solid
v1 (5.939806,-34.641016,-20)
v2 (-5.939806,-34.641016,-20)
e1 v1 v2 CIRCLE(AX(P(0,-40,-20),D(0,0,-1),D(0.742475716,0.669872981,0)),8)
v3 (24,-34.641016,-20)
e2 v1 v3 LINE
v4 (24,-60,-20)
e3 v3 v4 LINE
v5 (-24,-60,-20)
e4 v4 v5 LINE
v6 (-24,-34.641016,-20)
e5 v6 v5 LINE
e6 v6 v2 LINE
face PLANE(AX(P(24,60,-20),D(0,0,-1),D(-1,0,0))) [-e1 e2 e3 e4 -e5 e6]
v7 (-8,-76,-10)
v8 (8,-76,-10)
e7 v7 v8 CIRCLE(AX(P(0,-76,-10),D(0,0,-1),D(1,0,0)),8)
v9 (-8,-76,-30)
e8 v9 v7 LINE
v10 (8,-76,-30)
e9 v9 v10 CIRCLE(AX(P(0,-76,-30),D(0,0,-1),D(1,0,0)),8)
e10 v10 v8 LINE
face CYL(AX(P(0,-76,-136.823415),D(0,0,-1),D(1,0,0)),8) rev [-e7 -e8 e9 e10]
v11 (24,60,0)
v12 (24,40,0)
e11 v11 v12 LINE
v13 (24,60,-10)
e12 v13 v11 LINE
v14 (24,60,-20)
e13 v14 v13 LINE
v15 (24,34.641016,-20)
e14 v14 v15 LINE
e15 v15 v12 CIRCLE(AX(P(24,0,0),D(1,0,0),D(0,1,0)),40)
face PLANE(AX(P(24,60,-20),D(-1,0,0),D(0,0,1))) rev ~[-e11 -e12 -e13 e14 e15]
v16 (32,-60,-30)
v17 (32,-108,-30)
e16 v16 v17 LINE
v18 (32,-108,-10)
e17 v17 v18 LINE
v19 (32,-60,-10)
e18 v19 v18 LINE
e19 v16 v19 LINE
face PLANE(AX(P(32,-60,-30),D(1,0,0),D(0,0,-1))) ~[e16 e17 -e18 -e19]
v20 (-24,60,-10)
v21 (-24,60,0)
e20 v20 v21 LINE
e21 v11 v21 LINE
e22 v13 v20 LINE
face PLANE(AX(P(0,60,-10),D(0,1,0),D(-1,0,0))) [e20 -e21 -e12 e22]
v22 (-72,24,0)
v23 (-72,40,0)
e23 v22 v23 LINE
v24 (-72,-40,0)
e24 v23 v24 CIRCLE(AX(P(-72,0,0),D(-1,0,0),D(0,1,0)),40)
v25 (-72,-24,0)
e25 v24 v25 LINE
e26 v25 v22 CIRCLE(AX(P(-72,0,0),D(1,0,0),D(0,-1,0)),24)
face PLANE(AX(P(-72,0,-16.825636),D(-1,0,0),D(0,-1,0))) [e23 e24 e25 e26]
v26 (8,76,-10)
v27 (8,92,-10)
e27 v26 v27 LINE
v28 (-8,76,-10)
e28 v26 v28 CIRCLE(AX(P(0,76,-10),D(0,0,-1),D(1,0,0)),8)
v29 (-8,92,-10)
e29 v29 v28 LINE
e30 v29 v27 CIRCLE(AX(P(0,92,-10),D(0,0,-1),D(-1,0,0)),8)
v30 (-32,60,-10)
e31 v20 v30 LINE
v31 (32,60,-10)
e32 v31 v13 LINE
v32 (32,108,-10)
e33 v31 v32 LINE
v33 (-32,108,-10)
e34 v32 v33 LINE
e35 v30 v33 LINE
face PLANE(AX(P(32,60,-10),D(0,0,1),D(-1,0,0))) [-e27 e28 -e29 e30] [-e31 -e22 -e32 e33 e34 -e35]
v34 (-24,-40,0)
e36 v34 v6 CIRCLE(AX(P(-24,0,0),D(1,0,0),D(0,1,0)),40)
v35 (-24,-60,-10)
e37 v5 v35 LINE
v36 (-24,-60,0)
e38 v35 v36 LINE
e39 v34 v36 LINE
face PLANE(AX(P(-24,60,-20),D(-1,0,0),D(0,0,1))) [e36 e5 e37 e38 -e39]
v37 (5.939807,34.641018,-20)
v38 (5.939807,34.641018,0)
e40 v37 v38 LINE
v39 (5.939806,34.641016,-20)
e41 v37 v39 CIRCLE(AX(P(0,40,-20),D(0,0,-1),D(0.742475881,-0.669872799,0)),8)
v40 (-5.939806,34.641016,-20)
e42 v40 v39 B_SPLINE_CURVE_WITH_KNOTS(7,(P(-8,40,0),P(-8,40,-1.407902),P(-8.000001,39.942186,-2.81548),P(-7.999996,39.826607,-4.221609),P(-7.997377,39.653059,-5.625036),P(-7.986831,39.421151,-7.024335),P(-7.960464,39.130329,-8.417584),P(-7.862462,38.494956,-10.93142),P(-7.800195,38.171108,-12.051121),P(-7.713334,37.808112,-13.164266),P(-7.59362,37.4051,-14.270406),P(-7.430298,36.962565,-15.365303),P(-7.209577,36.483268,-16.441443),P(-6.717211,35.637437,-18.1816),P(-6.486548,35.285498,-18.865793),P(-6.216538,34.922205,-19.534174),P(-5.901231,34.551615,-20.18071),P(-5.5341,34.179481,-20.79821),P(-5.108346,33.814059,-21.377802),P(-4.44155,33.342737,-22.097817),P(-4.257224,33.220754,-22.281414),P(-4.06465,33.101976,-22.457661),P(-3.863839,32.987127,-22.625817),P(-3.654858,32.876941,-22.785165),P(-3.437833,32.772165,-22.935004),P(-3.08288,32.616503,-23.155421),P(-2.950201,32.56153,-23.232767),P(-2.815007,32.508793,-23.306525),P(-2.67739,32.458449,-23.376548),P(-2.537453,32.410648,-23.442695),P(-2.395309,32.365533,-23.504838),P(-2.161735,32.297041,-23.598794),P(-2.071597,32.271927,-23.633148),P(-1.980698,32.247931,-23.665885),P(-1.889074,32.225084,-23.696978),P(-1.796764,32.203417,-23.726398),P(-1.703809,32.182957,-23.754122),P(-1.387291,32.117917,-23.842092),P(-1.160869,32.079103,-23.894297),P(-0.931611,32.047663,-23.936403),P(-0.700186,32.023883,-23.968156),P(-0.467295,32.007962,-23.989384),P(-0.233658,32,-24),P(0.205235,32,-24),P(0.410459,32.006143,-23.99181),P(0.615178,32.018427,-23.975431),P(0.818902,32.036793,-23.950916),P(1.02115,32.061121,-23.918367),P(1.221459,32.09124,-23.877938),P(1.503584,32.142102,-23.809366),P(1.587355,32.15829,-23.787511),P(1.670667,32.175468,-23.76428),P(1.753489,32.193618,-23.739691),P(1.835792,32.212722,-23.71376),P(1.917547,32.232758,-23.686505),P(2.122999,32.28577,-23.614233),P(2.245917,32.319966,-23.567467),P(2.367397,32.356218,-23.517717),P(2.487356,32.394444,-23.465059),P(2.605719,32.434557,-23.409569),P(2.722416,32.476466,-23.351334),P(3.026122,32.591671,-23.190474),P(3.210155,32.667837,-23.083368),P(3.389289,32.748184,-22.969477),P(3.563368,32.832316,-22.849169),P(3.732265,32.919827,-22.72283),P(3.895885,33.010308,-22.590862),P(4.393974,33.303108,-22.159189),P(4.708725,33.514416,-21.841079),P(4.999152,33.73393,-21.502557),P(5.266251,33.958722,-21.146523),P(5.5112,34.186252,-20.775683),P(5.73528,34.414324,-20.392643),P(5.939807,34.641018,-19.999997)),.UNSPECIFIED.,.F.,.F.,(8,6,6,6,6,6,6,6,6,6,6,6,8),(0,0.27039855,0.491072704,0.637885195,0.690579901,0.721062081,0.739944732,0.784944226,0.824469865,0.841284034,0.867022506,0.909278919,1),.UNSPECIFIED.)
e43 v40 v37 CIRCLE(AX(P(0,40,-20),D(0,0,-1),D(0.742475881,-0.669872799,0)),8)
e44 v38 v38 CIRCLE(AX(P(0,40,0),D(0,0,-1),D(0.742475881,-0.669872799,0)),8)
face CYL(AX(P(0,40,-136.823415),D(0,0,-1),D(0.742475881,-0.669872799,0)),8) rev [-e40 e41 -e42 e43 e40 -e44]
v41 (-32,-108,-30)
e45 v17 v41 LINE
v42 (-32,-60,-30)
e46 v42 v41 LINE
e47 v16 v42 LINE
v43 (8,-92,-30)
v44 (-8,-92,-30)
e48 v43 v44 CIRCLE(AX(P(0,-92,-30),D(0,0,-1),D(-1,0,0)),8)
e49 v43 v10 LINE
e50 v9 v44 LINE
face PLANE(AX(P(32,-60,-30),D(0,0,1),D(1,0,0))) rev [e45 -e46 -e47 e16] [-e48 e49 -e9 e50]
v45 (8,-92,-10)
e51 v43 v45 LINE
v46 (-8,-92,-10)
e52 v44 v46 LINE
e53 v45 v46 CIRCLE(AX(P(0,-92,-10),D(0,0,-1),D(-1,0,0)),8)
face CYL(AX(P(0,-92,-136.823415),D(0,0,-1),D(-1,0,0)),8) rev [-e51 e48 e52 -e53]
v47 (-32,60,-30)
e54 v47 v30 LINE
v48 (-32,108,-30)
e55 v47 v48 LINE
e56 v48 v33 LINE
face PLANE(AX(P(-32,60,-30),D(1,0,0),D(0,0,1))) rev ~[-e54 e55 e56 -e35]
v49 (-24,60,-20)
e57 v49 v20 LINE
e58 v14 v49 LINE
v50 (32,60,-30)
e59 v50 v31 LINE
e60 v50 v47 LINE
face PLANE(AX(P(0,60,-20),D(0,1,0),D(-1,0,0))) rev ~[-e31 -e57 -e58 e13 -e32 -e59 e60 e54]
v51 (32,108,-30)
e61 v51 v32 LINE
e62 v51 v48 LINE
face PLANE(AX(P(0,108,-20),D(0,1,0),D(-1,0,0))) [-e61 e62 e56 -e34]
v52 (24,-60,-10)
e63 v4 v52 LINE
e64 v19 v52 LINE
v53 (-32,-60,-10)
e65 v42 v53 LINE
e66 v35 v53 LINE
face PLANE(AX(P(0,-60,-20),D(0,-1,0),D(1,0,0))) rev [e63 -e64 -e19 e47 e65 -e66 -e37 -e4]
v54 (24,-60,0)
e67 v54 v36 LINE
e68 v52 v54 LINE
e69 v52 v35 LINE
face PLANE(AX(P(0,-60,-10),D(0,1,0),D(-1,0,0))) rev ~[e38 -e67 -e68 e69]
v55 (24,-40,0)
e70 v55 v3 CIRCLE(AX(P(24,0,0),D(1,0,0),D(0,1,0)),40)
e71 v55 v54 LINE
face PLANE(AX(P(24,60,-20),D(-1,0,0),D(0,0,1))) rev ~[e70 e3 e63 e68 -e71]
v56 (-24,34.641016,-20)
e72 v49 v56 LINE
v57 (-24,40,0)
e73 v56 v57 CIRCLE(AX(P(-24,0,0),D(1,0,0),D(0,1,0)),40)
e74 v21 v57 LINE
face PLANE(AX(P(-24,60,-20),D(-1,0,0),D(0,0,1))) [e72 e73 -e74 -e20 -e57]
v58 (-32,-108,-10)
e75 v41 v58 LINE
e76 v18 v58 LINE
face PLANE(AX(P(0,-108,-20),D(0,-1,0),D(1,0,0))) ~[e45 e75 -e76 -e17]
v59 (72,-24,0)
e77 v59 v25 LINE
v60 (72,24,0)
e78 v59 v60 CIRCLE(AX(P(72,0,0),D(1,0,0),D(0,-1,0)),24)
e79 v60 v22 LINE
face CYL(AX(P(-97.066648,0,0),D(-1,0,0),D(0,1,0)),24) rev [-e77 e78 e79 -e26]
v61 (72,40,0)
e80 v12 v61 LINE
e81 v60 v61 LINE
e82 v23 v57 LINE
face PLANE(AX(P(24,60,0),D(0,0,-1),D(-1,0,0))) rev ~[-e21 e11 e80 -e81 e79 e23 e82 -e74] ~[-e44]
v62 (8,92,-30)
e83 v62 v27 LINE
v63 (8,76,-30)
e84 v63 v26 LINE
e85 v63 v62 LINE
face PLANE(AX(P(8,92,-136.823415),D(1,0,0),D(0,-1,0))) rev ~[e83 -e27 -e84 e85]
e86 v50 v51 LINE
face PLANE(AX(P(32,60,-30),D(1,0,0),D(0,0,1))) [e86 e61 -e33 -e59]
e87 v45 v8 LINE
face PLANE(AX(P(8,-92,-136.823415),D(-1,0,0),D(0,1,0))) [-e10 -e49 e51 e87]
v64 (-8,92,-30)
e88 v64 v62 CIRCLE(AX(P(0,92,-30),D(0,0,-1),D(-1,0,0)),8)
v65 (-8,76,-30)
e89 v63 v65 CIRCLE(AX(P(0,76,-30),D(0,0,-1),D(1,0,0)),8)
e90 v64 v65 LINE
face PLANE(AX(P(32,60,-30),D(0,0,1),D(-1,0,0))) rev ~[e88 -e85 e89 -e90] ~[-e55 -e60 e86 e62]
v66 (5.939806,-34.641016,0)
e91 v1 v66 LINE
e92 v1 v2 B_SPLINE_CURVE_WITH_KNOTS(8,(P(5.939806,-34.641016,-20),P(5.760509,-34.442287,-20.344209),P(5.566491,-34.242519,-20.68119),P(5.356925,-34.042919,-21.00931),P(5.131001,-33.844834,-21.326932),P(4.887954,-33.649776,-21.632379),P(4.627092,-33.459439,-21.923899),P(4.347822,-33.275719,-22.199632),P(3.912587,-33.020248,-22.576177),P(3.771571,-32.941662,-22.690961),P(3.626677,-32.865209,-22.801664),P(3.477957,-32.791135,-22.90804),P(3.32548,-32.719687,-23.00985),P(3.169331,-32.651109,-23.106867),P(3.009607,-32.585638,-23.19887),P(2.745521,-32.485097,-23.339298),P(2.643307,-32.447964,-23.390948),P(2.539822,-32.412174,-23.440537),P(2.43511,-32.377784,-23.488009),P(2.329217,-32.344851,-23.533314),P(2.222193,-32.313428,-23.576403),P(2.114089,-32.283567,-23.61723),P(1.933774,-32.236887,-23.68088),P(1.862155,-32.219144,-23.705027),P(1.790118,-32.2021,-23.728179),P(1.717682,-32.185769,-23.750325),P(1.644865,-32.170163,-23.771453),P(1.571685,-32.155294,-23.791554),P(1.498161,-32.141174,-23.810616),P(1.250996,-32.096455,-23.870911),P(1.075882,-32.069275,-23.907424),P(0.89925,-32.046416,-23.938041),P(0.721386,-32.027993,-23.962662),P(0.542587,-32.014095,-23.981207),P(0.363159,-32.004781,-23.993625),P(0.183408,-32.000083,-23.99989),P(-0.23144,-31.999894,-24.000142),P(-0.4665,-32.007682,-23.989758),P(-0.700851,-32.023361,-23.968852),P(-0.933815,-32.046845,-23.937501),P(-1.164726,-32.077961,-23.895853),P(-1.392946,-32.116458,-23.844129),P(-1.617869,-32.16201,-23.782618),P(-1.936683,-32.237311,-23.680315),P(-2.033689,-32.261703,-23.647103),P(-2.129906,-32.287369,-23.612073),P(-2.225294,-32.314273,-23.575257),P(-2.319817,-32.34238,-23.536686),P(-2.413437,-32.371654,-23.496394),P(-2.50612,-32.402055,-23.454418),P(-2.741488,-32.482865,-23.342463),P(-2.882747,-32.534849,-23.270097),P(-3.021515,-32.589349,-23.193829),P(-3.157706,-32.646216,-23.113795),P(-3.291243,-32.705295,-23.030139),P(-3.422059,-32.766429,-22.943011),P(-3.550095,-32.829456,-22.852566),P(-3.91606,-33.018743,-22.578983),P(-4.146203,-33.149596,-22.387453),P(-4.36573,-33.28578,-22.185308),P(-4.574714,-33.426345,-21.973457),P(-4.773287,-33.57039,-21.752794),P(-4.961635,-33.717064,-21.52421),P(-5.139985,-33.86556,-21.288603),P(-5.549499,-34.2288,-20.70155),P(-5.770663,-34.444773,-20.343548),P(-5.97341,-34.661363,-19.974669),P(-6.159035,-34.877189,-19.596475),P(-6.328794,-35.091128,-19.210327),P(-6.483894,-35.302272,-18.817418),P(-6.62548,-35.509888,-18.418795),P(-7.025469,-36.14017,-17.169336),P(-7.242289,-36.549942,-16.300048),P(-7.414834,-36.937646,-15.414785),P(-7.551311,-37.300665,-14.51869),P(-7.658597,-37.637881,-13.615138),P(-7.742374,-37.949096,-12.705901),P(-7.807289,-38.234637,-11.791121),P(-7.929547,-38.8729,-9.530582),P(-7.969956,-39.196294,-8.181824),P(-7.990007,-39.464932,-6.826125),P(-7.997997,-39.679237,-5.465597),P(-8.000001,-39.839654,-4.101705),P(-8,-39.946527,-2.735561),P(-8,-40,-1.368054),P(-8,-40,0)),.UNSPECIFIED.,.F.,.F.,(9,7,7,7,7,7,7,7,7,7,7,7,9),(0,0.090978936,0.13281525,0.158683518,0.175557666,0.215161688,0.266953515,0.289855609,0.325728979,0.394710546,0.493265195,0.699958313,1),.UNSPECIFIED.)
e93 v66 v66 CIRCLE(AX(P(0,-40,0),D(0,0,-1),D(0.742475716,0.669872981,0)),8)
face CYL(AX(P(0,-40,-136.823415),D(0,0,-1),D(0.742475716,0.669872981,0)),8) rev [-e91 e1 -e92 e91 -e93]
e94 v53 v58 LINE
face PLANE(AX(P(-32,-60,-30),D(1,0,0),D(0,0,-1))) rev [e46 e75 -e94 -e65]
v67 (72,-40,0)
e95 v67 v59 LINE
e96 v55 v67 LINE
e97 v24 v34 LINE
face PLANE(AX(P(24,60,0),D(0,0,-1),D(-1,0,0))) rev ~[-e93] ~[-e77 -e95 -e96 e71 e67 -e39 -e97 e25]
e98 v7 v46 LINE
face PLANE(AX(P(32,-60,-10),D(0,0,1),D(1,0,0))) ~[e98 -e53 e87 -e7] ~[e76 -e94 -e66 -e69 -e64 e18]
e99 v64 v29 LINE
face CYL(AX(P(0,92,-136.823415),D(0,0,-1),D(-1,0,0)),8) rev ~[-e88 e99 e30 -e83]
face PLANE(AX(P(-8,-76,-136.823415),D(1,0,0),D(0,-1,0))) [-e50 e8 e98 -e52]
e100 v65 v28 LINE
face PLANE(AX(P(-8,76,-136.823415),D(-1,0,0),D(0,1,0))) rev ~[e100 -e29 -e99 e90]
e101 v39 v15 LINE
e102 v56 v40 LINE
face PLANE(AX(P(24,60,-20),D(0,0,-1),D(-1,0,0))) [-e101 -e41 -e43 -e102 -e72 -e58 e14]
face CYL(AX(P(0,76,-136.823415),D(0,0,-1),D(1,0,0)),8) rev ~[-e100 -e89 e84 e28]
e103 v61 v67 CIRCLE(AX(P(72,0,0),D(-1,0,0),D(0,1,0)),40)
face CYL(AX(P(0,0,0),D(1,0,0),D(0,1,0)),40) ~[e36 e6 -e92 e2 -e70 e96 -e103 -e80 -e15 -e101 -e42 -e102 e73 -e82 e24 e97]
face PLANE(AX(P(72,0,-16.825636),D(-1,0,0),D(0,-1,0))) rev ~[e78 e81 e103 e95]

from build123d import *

# Parameters (mm, degrees)
BOSS_EXTRUDE1_DEPTH     = 72
SKETCH2_W               = 48
SKETCH2_H               = 20
BOSS_EXTRUDE2_DEPTH     = 120
CUT_EXTRUDE1_DEPTH      = 121.066648158
CUT_EXTRUDE1_DEPTH_BACK = 121.066648158
SKETCH4_R               = 24
SKETCH5_W               = 64
SKETCH5_H               = 20
BOSS_EXTRUDE3_DEPTH     = 48
CUT_EXTRUDE2_DEPTH      = 136.823414771
CUT_EXTRUDE2_DEPTH_BACK = 136.823414771
SKETCH6_R               = 8


with BuildPart() as part:
    # Sketch1 → Boss-Extrude1 (new, symmetric)
    with BuildSketch(Plane.YZ):
        with BuildLine():
            Line((-40, 0), (-24, 0))
            ThreePointArc((-24, 0), (0, -24), (24, 0))
            Line((24, 0), (40, 0))
            ThreePointArc((40, 0), (0, -40), (-40, 0))
        make_face()
    extrude(amount=BOSS_EXTRUDE1_DEPTH, both=True)

    # Sketch2 → Boss-Extrude2 (add)
    with BuildSketch(Plane(origin=(0, 60, 0), x_dir=(-1, 0, 0), z_dir=(0, 1, 0))):
        with Locations((0, -10)):
            Rectangle(SKETCH2_W, SKETCH2_H)
    extrude(amount=-BOSS_EXTRUDE2_DEPTH)

    # Sketch4 → Cut-Extrude1 (cut, two sides: drawn at the far end of the back side and taken through both)
    with BuildSketch(Plane.YZ.offset(24).offset(-CUT_EXTRUDE1_DEPTH_BACK)):
        Circle(SKETCH4_R)
    extrude(amount=CUT_EXTRUDE1_DEPTH + CUT_EXTRUDE1_DEPTH_BACK, mode=Mode.SUBTRACT)

    # Sketch5 → Boss-Extrude3 (add)
    with BuildSketch(Plane(origin=(0, 60, 0), x_dir=(-1, 0, 0), z_dir=(0, 1, 0))):
        with Locations((0, -20)):
            Rectangle(SKETCH5_W, SKETCH5_H)
    boss_extrude3 = extrude(amount=BOSS_EXTRUDE3_DEPTH)

    # Mirror1: Boss-Extrude3 across plane
    add(boss_extrude3.mirror(Plane.ZX))

    # Sketch6 → Cut-Extrude2 (cut, two sides: drawn at the far end of the back side and taken through both)
    with BuildSketch(Plane.XY.offset(-CUT_EXTRUDE2_DEPTH_BACK)):
        with Locations(Location((0, 40, 0), (0, 0, 317.942751882))):
            Circle(SKETCH6_R)
        with Locations(Location((0, -40, 0), (0, 0, 42.057262179))):
            Circle(SKETCH6_R)
        with BuildLine():
            Line((8, 92), (8, 76))
            ThreePointArc((8, 76), (0, 68), (-8, 76))
            Line((-8, 76), (-8, 92))
            ThreePointArc((-8, 92), (0, 100), (8, 92))
        make_face()
        with BuildLine():
            Line((8, -92), (8, -76))
            ThreePointArc((8, -76), (0, -68), (-8, -76))
            Line((-8, -76), (-8, -92))
            ThreePointArc((-8, -92), (0, -100), (8, -92))
        make_face()
    extrude(amount=CUT_EXTRUDE2_DEPTH + CUT_EXTRUDE2_DEPTH_BACK, mode=Mode.SUBTRACT)


solid = part.part
